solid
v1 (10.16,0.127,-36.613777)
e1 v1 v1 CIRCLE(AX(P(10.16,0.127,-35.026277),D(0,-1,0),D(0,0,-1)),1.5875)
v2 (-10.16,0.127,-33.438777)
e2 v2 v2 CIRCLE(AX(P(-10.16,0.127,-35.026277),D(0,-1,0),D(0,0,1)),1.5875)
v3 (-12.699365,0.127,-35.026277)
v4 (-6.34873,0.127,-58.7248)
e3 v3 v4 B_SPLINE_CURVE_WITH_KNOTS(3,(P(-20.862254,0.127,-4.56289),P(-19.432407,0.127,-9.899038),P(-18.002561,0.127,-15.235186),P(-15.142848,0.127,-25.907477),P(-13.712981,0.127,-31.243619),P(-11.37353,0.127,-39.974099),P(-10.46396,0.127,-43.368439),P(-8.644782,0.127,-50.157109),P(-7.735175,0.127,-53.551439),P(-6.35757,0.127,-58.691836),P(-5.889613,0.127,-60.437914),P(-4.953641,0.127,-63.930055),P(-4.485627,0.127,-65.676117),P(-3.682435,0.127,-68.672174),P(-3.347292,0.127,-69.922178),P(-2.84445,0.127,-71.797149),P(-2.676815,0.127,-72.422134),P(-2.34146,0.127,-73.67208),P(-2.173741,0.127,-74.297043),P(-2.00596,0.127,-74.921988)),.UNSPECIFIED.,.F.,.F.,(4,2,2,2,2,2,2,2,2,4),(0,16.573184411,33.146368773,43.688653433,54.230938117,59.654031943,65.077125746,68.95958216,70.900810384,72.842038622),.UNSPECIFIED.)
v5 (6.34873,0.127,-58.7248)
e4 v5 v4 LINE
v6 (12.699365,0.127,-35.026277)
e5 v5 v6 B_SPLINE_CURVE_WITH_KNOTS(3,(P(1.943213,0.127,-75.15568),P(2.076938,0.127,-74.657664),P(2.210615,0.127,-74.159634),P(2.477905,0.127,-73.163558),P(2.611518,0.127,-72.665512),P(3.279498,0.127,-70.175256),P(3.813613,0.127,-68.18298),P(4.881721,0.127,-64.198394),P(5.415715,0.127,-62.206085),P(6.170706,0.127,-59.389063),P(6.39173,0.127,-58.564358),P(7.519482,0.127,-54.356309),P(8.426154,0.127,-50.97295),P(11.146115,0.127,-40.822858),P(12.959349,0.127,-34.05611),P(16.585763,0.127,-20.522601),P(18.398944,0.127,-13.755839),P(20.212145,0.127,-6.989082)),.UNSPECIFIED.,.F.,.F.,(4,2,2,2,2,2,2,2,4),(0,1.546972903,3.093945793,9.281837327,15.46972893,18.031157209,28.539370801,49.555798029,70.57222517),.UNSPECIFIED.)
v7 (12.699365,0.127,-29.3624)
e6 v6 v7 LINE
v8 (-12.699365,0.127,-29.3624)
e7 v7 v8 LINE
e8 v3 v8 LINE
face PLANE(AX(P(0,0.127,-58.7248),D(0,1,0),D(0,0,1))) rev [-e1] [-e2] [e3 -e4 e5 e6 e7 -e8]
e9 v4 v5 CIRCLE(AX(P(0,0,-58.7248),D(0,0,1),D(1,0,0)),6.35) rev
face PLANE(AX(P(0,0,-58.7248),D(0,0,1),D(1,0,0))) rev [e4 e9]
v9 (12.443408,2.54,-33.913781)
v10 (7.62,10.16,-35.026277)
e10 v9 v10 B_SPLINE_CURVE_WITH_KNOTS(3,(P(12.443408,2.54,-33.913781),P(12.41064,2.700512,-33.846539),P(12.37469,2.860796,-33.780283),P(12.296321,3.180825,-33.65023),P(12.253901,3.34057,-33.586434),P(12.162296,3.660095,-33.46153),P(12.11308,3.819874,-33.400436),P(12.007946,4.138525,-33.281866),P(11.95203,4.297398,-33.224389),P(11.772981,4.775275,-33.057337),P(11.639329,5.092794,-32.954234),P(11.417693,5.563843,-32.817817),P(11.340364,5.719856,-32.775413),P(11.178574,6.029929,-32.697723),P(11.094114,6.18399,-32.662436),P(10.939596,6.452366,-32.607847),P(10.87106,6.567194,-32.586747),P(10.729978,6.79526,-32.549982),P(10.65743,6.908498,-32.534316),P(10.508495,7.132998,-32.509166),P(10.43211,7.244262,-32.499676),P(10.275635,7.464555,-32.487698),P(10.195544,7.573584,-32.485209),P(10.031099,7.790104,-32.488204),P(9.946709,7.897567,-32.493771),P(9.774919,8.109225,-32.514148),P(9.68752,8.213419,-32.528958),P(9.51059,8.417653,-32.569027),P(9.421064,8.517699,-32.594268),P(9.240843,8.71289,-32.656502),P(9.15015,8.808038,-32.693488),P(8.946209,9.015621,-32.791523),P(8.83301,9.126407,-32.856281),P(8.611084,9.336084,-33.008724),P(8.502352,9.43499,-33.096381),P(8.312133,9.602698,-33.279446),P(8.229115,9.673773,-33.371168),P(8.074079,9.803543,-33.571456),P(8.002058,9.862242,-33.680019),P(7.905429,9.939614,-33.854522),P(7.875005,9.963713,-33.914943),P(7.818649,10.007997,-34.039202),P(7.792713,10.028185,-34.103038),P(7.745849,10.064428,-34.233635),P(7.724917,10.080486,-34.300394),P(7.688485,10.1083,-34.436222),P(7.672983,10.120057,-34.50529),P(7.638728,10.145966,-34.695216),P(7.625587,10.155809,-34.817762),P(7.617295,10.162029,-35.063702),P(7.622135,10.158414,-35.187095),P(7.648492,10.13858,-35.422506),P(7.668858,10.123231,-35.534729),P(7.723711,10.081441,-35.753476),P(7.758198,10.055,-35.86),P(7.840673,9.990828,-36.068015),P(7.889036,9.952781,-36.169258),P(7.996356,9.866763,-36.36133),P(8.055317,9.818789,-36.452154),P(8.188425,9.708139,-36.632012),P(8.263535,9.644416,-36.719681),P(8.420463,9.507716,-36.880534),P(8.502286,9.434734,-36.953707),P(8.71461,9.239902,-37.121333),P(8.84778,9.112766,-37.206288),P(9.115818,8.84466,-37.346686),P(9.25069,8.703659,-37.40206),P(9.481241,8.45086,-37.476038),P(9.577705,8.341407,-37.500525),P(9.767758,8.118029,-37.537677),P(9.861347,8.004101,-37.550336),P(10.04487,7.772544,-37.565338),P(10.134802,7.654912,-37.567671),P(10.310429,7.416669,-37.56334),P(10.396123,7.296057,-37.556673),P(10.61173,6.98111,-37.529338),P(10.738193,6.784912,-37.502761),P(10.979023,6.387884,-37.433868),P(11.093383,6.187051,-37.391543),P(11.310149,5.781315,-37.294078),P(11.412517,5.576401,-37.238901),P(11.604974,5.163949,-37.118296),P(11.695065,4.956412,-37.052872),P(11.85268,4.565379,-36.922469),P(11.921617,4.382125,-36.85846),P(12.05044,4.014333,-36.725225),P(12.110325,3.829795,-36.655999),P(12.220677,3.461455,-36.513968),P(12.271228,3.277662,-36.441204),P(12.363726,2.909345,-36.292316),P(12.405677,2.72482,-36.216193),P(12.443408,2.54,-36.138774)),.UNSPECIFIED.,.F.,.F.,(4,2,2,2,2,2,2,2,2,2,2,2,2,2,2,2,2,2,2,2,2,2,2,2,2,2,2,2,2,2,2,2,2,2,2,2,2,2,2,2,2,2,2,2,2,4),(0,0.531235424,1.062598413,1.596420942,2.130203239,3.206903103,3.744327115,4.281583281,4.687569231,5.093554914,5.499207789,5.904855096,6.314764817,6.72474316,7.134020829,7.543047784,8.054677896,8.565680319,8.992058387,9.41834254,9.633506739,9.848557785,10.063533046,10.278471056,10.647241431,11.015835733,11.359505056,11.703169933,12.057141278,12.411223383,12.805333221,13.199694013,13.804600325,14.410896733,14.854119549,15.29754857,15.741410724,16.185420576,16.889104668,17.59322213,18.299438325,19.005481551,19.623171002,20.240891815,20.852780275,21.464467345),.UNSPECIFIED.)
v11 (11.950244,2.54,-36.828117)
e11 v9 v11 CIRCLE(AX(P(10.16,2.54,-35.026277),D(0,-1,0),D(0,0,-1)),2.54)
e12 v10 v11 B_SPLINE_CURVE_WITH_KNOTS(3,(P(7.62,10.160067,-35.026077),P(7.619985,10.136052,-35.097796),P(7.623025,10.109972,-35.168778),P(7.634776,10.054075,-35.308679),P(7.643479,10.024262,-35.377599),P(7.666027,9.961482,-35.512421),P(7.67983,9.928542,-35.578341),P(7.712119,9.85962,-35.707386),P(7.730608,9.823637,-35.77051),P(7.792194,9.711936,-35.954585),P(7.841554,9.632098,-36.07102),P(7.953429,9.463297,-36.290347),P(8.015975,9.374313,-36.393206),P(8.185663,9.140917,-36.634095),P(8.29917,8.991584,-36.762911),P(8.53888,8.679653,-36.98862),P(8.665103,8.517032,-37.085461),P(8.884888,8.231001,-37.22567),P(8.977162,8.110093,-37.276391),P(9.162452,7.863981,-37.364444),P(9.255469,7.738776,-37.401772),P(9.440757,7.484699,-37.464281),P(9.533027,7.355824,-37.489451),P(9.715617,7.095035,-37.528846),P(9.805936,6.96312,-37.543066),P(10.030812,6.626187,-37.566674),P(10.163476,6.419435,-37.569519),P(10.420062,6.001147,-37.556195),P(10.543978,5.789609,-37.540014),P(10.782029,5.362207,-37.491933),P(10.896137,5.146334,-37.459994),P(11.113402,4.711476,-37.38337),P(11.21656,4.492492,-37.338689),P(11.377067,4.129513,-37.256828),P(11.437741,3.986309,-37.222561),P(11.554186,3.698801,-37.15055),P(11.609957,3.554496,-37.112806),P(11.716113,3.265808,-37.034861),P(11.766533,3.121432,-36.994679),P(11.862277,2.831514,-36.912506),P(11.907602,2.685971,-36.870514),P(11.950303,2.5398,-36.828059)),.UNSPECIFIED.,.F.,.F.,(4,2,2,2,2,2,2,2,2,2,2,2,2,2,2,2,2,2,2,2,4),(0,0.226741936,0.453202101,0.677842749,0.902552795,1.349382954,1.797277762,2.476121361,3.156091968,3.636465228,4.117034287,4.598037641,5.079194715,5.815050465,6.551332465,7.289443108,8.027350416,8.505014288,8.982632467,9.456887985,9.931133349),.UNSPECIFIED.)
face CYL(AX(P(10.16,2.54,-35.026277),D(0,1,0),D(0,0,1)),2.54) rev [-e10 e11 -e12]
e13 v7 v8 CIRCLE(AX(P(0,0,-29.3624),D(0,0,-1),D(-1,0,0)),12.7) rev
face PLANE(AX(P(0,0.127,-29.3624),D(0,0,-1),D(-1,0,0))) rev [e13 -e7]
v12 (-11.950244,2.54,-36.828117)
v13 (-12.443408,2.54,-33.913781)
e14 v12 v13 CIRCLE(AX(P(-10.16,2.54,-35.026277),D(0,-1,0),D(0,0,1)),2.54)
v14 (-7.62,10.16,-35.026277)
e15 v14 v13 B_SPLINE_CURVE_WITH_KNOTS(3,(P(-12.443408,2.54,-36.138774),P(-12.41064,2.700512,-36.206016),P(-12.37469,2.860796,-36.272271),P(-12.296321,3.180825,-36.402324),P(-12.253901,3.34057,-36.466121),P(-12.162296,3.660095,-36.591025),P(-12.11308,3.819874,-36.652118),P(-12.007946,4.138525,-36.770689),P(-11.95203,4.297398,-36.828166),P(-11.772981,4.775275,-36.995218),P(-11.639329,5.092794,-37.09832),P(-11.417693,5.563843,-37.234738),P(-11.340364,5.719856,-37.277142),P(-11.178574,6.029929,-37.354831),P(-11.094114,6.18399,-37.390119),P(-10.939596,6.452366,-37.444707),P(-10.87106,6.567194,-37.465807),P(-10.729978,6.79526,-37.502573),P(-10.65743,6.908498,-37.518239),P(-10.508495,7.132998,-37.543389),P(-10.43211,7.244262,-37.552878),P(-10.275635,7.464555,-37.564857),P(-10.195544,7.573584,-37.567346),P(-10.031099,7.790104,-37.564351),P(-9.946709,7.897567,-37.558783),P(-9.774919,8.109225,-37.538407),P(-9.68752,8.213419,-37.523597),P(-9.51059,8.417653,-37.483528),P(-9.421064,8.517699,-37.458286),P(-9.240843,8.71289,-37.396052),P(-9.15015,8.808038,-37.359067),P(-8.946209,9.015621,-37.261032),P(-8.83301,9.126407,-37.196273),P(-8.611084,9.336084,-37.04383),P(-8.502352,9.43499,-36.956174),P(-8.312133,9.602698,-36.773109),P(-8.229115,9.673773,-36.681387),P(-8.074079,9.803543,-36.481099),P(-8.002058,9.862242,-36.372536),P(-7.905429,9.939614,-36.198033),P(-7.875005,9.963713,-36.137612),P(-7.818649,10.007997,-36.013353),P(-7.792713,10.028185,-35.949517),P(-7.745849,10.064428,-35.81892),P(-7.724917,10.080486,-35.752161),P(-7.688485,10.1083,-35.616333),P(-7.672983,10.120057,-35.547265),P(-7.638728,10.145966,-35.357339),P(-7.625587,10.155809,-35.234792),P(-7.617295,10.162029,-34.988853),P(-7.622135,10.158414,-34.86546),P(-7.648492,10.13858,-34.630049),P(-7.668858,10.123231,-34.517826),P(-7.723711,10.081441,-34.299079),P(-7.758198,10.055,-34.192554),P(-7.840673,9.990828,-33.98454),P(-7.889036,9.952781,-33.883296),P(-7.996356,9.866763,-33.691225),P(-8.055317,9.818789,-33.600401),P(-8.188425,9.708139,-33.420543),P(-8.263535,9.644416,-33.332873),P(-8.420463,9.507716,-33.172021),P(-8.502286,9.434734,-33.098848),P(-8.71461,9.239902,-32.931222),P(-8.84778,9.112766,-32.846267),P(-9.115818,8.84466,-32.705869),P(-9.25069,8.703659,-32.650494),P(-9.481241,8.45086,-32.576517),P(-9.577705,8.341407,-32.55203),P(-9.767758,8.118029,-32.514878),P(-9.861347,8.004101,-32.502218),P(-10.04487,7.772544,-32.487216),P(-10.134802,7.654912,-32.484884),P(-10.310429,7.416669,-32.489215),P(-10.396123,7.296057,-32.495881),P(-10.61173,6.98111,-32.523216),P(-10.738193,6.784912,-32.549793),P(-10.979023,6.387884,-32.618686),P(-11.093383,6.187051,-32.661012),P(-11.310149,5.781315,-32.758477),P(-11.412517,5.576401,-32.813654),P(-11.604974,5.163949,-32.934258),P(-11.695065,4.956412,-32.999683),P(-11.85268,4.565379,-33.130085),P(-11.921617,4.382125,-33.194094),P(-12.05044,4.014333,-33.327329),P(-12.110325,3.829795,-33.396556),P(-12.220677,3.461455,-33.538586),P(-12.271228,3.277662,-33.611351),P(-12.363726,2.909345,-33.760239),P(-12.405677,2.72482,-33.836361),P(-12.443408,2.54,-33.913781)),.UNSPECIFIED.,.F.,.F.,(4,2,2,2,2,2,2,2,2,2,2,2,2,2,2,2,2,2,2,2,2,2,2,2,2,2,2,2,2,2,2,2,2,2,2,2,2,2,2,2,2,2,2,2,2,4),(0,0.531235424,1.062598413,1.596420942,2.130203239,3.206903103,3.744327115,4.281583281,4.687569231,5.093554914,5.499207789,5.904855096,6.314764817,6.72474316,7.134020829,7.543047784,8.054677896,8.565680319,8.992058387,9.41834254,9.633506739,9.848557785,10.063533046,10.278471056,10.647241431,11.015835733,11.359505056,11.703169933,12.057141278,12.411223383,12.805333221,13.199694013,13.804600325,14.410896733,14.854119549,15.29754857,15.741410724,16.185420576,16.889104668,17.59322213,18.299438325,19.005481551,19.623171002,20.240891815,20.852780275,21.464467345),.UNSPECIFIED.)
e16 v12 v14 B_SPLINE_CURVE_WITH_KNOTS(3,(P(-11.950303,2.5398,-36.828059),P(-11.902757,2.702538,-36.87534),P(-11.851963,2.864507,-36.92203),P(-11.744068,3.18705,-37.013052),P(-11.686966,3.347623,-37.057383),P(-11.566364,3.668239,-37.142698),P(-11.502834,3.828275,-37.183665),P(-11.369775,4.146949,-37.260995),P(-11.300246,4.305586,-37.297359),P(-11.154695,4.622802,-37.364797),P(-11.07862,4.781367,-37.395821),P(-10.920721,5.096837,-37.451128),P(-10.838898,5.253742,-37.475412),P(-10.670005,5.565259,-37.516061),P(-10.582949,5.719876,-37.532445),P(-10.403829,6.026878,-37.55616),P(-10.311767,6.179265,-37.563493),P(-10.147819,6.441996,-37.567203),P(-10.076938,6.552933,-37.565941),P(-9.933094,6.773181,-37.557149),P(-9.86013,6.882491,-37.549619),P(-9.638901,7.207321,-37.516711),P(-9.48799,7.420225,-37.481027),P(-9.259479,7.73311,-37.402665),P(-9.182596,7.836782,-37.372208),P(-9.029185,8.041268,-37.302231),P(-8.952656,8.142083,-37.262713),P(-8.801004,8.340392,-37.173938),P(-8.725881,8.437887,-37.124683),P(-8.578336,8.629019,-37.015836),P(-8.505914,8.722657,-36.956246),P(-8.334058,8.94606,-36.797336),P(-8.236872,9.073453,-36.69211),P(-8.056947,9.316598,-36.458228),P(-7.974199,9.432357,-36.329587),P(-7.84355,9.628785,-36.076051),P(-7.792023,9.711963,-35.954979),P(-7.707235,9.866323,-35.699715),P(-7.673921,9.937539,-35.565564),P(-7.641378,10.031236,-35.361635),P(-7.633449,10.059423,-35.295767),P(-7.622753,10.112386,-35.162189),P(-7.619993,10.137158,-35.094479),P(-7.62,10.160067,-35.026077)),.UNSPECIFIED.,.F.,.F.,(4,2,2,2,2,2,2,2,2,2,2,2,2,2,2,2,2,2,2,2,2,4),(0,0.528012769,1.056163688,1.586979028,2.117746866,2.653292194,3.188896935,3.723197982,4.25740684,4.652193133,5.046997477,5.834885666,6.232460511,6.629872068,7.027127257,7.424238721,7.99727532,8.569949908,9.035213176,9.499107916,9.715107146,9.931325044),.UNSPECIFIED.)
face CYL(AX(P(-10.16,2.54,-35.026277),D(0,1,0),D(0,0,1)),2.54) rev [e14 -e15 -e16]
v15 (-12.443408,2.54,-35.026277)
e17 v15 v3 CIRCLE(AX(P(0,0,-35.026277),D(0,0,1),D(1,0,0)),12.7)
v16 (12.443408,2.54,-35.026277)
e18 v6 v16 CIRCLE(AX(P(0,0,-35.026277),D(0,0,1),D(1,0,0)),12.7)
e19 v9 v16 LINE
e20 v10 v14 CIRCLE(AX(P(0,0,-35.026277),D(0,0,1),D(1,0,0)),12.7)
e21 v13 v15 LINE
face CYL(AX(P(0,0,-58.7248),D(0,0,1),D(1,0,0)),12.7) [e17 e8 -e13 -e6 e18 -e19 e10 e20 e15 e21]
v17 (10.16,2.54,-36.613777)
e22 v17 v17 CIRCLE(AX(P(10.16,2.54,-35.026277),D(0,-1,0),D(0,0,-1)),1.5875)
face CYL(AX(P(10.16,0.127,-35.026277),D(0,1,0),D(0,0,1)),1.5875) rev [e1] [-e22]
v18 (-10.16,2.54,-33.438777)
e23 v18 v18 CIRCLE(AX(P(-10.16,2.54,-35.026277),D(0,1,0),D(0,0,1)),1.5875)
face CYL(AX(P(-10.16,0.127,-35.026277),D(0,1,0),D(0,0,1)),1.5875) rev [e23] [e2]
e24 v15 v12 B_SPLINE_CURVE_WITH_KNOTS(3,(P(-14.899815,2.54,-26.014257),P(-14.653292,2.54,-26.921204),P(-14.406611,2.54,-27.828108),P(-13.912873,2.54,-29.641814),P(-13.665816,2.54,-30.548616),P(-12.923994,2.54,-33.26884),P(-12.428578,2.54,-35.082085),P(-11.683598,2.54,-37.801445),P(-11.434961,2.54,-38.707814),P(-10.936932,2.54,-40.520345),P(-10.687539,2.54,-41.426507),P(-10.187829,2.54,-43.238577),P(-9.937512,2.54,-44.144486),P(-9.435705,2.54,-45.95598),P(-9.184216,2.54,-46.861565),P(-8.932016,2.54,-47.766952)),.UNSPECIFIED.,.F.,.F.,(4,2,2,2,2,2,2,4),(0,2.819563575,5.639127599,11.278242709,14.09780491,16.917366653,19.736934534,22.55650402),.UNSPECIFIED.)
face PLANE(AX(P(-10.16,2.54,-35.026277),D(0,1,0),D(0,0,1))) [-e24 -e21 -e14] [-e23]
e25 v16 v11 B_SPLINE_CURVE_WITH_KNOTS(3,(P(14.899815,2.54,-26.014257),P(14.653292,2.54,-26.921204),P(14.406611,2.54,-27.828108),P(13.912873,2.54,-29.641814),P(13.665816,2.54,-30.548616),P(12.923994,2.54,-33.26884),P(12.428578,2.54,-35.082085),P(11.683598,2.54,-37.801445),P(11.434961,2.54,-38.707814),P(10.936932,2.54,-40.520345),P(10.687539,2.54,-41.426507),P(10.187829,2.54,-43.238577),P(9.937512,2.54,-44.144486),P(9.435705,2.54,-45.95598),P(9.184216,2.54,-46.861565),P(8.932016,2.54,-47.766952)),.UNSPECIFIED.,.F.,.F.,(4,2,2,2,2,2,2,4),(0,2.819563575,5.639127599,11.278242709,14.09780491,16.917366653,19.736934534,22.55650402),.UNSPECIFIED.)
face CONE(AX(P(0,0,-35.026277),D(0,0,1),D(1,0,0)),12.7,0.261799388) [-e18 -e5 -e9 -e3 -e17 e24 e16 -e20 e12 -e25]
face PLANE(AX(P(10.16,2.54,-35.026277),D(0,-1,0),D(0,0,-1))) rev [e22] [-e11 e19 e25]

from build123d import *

# Parameters (mm, degrees)
SKETCH1_R           = 12.7
BOSS_EXTRUDE1_DEPTH = 58.7248
CHAMFER3_SIZE       = 6.35
CHAMFER3_SIZE2      = 23.698522628
CHAMFER4_SIZE       = 6.35
CHAMFER4_SIZE2      = 23.698522628
CUT_EXTRUDE1_DEPTH  = 58.7248
CUT_EXTRUDE2_DEPTH  = 58.7248
CUT_EXTRUDE3_DEPTH  = 35.419680486
SKETCH5_R           = 1.5875
CUT_EXTRUDE4_DEPTH  = 62.383681342
SKETCH6_R           = 2.54
CUT_EXTRUDE5_DEPTH  = 10.16


with BuildPart() as part:
    # Sketch1 → Boss-Extrude1 (new body)
    with BuildSketch(Plane.XY):
        Circle(SKETCH1_R)
    extrude(amount=-BOSS_EXTRUDE1_DEPTH)

    # Chamfer3
    chamfer3_edges = [part.edges().sort_by_distance(p)[0] for p in [
        (-12.7, 0, -58.7248),
    ]]
    chamfer3_side = [part.faces().sort_by_distance(p)[0] for p in [
        (0, 0, -58.7248),
    ]]
    chamfer(chamfer3_edges, length=CHAMFER3_SIZE, length2=CHAMFER3_SIZE2, reference=chamfer3_side[0])

    # Chamfer4
    chamfer4_edges = [part.edges().sort_by_distance(p)[0] for p in [
        (-12.7, 0, 0),
    ]]
    chamfer4_side = [part.faces().sort_by_distance(p)[0] for p in [
        (0, 0, 0),
    ]]
    chamfer(chamfer4_edges, length=CHAMFER4_SIZE, length2=CHAMFER4_SIZE2, reference=chamfer4_side[0])

    # Sketch2 → Cut-Extrude1 (cut)
    with BuildSketch(Plane(origin=(0, 0, 0), x_dir=(1, 0, 0), z_dir=(0, 1, 0))):
        Polygon((-6.35, 0), (-12.7, 23.698522628), (-12.7, 35.026277372), (-6.35, 58.7248), (6.35, 58.7248), (12.7, 35.026277372), (12.7, 23.698522628), (6.35, 0), align=None)
    extrude(amount=-CUT_EXTRUDE1_DEPTH, mode=Mode.SUBTRACT)

    # Sketch3 → Cut-Extrude2 (cut)
    with BuildSketch(Plane.XY):
        with BuildLine():
            Line((-12.7, 0), (12.7, 0))
            ThreePointArc((12.7, 0), (12.699841245, 0.063500794), (12.699364984, 0.127))
            Line((12.699364984, 0.127), (0, 0.127))
            Line((0, 0.127), (-12.699364984, 0.127))
            ThreePointArc((-12.699364984, 0.127), (-12.699841245, 0.063500794), (-12.7, 0))
        make_face()
    extrude(amount=-CUT_EXTRUDE2_DEPTH, mode=Mode.SUBTRACT)

    # Sketch4 → Cut-Extrude3 (cut, through all)
    with BuildSketch(Plane(origin=(0, 0, -29.3624), x_dir=(-1, 0, 0), z_dir=(0, 0, -1))):
        with BuildLine():
            Line((0, 0.127), (-12.699364984, 0.127))
            ThreePointArc((-12.699364984, 0.127), (0, 12.826364984), (12.699364984, 0.127))
            Line((12.699364984, 0.127), (0, 0.127))
        make_face()
    extrude(amount=-CUT_EXTRUDE3_DEPTH, mode=Mode.SUBTRACT)

    # Sketch5 → Cut-Extrude4 (cut, through all)
    with BuildSketch(Plane(origin=(0, 12.7, 0), x_dir=(-1, 0, 0), z_dir=(0, -1, 0))):
        with Locations((-10.16, 35.026277372)):
            Circle(SKETCH5_R)
        with Locations(Location((10.16, 35.026277372, 0), (0, 0, 270))):
            Circle(SKETCH5_R)
    extrude(amount=CUT_EXTRUDE4_DEPTH, mode=Mode.SUBTRACT)

    # Sketch6 → Cut-Extrude5 (cut)
    with BuildSketch(Plane(origin=(0, 12.7, 0), x_dir=(-1, 0, 0), z_dir=(0, -1, 0))):
        with Locations((-10.16, 35.026277372)):
            Circle(SKETCH6_R)
        with Locations((10.16, 35.026277372)):
            Circle(SKETCH6_R)
    extrude(amount=CUT_EXTRUDE5_DEPTH, mode=Mode.SUBTRACT)


solid = part.part
